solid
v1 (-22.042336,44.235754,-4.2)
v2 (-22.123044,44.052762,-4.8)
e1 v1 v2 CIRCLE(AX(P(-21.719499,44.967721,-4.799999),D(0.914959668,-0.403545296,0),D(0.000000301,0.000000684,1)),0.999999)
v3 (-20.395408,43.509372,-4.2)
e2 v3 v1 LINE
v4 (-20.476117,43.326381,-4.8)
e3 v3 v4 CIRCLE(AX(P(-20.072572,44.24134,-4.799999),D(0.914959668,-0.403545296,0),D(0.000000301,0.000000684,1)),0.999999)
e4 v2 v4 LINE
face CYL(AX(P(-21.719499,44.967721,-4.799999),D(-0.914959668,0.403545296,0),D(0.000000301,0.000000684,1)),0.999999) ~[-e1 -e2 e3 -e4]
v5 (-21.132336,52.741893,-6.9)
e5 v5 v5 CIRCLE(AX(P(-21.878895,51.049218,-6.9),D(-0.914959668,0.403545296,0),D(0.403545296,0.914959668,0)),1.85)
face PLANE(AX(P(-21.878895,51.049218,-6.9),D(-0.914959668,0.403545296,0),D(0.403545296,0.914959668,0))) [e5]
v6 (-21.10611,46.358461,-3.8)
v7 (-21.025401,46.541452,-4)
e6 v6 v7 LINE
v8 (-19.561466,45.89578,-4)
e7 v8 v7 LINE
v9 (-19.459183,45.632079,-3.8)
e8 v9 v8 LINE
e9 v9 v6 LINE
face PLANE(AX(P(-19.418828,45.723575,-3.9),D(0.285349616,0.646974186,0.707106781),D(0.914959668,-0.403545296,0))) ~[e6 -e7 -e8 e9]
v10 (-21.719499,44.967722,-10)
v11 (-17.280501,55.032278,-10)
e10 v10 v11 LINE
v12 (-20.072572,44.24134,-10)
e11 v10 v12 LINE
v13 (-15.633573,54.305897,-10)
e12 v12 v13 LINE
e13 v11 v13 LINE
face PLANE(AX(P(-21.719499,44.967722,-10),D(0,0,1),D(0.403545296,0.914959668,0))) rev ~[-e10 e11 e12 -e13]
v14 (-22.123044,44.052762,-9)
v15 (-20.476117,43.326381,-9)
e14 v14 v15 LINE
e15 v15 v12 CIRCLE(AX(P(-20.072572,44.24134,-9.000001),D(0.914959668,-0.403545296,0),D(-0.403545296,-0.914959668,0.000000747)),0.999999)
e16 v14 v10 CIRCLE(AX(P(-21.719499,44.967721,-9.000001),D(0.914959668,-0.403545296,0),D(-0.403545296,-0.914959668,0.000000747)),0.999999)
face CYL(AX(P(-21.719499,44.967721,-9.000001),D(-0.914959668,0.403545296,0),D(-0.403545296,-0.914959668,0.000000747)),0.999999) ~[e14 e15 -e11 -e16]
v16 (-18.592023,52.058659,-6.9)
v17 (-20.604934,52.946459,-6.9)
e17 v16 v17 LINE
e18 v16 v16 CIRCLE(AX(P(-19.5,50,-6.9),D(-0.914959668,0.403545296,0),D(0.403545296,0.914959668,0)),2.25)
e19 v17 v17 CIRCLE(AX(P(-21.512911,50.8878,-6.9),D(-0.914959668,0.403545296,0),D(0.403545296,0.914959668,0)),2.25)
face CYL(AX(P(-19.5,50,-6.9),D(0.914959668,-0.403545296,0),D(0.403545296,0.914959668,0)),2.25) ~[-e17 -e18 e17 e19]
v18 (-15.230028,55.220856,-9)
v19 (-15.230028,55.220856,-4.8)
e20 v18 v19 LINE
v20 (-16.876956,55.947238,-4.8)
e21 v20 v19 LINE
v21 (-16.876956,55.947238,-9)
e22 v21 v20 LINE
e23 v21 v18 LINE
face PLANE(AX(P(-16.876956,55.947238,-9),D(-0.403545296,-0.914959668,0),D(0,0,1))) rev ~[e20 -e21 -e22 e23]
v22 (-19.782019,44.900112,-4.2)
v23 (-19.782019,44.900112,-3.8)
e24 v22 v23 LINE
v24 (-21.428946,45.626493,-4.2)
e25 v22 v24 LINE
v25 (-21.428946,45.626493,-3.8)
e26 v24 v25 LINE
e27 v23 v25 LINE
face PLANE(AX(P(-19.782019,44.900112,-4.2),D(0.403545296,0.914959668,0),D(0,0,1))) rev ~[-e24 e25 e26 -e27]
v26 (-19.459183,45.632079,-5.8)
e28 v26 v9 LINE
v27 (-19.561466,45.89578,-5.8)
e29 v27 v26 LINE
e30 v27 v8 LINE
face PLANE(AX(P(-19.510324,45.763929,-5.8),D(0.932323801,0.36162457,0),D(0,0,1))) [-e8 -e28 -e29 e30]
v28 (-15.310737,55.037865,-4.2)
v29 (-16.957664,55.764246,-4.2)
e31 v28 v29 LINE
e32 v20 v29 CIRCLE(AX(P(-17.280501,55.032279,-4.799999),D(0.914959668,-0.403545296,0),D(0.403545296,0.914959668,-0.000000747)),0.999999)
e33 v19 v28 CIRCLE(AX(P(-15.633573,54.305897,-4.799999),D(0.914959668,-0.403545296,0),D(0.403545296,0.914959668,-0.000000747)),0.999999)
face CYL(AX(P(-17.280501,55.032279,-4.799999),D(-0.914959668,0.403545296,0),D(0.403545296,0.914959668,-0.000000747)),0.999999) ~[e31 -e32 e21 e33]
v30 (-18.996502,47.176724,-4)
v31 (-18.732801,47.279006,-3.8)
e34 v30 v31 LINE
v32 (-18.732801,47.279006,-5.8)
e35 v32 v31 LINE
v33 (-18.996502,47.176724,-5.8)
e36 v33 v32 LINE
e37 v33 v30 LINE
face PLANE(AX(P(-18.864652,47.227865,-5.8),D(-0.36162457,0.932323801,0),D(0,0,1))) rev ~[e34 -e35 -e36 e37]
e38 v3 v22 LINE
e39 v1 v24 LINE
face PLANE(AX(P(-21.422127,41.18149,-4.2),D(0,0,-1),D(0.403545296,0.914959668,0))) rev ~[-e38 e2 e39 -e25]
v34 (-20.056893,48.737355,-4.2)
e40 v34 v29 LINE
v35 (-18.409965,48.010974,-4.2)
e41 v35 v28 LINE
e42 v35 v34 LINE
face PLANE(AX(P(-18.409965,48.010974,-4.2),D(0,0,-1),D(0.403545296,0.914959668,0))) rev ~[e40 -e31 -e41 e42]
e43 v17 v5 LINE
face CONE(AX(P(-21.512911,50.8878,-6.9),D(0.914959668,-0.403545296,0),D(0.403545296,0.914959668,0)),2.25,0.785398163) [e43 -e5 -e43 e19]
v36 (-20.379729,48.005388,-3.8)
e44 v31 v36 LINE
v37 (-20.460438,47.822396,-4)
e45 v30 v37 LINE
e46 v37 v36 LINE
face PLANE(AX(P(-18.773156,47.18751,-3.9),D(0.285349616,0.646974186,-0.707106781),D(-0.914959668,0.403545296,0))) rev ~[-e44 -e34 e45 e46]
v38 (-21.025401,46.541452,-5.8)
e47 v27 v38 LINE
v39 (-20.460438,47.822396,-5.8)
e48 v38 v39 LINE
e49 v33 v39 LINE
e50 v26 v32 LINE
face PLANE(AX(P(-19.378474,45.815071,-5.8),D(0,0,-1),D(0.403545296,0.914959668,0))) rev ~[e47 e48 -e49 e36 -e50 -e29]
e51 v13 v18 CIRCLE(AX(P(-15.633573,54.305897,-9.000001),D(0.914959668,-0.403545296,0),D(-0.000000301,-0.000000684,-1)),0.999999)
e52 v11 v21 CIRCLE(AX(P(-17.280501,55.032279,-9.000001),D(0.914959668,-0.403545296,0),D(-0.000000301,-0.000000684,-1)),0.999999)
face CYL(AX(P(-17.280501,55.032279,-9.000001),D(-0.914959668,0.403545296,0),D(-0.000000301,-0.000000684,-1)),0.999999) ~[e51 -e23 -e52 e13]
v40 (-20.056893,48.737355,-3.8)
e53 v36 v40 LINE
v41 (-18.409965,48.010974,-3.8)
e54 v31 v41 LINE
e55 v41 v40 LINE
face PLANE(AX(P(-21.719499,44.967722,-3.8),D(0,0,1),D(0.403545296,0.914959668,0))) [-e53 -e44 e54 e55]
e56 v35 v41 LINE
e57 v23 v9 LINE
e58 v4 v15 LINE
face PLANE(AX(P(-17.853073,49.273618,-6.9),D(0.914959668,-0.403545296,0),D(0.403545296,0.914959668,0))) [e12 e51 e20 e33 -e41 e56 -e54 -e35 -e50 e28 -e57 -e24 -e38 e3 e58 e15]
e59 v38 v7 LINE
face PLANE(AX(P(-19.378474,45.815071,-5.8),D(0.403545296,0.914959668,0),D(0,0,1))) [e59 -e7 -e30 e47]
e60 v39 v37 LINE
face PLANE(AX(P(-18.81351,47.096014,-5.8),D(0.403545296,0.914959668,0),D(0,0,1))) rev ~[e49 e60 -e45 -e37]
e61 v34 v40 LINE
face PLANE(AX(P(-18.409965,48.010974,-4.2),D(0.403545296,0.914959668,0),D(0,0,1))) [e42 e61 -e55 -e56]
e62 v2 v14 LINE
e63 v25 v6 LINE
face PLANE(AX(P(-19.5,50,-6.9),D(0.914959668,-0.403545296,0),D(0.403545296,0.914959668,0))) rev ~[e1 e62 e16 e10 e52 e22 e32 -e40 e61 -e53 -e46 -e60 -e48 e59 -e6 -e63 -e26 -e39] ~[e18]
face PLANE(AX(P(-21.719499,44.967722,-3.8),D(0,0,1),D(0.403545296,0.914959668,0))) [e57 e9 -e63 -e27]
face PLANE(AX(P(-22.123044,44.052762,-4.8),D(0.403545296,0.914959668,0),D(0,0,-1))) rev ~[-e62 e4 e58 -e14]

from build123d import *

# Parameters (mm, degrees)
PAD039_DEPTH            = 1.8
SKETCH116_R             = 2.25
PAD040_DEPTH            = 2.6
CHAMFER003_SIZE         = 0.4
SKETCH117_W             = 1.4
SKETCH117_H             = 2
SKETCH117_W_2           = 9.515449
SKETCH117_H_2           = 0.4
SKETCH117_W_3           = 4.064247
POCKET008_DEPTH         = 1.8
CHAMFER004_SIZE         = 0.2
BODY039_PLACEMENT_ANGLE = 23.8


with BuildPart() as part:
    # Sketch115 → Pad039 (new body)
    with BuildSketch(Plane.YZ):
        with BuildLine():
            Line((-6.5, 2.1), (-6.5, -2.1))
            ThreePointArc((-6.5, -2.1), (-6.207107, -2.807107), (-5.5, -3.1))
            Line((-5.5, -3.1), (5.5, -3.1))
            ThreePointArc((5.5, -3.1), (6.207107, -2.807107), (6.5, -2.1))
            Line((6.5, -2.1), (6.5, 2.1))
            ThreePointArc((6.5, 2.1), (6.207107, 2.807107), (5.5, 3.1))
            Line((-5.5, 3.1), (5.5, 3.1))
            ThreePointArc((-5.5, 3.1), (-6.207107, 2.807107), (-6.5, 2.1))
        make_face()
    extrude(amount=PAD039_DEPTH)

    # Sketch116 (on Face9 of Pad039) → Pad040 (join)
    with BuildSketch(Plane(origin=(0, 0, 0), x_dir=(0, 1, 0), z_dir=(-1, 0, 0))):
        Circle(SKETCH116_R)
    extrude(amount=PAD040_DEPTH)

    # Chamfer003
    chamfer003_edges = [part.edges().sort_by_distance(p)[0] for p in [
        (-2.6, -2.25, 0),
    ]]
    chamfer(chamfer003_edges, length=CHAMFER003_SIZE)

    # Sketch117 (on Face13 of Chamfer003) → Pocket008 (cut)
    with BuildSketch(Plane.YZ.offset(1.8)):
        with Locations((-3.08, 2.1)):
            Rectangle(SKETCH117_W, SKETCH117_H)
        with Locations((3.377724, 2.9)):
            Rectangle(SKETCH117_W_2, SKETCH117_H_2)
        with Locations((-6.812123, 2.9)):
            Rectangle(SKETCH117_W_3, SKETCH117_H_2)
    extrude(amount=-POCKET008_DEPTH, mode=Mode.SUBTRACT)

    # Chamfer004
    chamfer004_edges = [part.edges().sort_by_distance(p)[0] for p in [
        (0.9, -2.38, 3.1),
        (0.9, -3.78, 3.1),
        (1.8, -2.38, 2.1),
        (1.8, -3.78, 2.1),
    ]]
    chamfer(chamfer004_edges, length=CHAMFER004_SIZE)


with BuildPart() as part_1:
    # Body039 placement: moved
    add(part.part.moved(Location((-19.5, 50, -6.9))).rotate(Axis((-19.5, 50, -6.9), (0, 0, -1)), BODY039_PLACEMENT_ANGLE))


solid = part_1.part
